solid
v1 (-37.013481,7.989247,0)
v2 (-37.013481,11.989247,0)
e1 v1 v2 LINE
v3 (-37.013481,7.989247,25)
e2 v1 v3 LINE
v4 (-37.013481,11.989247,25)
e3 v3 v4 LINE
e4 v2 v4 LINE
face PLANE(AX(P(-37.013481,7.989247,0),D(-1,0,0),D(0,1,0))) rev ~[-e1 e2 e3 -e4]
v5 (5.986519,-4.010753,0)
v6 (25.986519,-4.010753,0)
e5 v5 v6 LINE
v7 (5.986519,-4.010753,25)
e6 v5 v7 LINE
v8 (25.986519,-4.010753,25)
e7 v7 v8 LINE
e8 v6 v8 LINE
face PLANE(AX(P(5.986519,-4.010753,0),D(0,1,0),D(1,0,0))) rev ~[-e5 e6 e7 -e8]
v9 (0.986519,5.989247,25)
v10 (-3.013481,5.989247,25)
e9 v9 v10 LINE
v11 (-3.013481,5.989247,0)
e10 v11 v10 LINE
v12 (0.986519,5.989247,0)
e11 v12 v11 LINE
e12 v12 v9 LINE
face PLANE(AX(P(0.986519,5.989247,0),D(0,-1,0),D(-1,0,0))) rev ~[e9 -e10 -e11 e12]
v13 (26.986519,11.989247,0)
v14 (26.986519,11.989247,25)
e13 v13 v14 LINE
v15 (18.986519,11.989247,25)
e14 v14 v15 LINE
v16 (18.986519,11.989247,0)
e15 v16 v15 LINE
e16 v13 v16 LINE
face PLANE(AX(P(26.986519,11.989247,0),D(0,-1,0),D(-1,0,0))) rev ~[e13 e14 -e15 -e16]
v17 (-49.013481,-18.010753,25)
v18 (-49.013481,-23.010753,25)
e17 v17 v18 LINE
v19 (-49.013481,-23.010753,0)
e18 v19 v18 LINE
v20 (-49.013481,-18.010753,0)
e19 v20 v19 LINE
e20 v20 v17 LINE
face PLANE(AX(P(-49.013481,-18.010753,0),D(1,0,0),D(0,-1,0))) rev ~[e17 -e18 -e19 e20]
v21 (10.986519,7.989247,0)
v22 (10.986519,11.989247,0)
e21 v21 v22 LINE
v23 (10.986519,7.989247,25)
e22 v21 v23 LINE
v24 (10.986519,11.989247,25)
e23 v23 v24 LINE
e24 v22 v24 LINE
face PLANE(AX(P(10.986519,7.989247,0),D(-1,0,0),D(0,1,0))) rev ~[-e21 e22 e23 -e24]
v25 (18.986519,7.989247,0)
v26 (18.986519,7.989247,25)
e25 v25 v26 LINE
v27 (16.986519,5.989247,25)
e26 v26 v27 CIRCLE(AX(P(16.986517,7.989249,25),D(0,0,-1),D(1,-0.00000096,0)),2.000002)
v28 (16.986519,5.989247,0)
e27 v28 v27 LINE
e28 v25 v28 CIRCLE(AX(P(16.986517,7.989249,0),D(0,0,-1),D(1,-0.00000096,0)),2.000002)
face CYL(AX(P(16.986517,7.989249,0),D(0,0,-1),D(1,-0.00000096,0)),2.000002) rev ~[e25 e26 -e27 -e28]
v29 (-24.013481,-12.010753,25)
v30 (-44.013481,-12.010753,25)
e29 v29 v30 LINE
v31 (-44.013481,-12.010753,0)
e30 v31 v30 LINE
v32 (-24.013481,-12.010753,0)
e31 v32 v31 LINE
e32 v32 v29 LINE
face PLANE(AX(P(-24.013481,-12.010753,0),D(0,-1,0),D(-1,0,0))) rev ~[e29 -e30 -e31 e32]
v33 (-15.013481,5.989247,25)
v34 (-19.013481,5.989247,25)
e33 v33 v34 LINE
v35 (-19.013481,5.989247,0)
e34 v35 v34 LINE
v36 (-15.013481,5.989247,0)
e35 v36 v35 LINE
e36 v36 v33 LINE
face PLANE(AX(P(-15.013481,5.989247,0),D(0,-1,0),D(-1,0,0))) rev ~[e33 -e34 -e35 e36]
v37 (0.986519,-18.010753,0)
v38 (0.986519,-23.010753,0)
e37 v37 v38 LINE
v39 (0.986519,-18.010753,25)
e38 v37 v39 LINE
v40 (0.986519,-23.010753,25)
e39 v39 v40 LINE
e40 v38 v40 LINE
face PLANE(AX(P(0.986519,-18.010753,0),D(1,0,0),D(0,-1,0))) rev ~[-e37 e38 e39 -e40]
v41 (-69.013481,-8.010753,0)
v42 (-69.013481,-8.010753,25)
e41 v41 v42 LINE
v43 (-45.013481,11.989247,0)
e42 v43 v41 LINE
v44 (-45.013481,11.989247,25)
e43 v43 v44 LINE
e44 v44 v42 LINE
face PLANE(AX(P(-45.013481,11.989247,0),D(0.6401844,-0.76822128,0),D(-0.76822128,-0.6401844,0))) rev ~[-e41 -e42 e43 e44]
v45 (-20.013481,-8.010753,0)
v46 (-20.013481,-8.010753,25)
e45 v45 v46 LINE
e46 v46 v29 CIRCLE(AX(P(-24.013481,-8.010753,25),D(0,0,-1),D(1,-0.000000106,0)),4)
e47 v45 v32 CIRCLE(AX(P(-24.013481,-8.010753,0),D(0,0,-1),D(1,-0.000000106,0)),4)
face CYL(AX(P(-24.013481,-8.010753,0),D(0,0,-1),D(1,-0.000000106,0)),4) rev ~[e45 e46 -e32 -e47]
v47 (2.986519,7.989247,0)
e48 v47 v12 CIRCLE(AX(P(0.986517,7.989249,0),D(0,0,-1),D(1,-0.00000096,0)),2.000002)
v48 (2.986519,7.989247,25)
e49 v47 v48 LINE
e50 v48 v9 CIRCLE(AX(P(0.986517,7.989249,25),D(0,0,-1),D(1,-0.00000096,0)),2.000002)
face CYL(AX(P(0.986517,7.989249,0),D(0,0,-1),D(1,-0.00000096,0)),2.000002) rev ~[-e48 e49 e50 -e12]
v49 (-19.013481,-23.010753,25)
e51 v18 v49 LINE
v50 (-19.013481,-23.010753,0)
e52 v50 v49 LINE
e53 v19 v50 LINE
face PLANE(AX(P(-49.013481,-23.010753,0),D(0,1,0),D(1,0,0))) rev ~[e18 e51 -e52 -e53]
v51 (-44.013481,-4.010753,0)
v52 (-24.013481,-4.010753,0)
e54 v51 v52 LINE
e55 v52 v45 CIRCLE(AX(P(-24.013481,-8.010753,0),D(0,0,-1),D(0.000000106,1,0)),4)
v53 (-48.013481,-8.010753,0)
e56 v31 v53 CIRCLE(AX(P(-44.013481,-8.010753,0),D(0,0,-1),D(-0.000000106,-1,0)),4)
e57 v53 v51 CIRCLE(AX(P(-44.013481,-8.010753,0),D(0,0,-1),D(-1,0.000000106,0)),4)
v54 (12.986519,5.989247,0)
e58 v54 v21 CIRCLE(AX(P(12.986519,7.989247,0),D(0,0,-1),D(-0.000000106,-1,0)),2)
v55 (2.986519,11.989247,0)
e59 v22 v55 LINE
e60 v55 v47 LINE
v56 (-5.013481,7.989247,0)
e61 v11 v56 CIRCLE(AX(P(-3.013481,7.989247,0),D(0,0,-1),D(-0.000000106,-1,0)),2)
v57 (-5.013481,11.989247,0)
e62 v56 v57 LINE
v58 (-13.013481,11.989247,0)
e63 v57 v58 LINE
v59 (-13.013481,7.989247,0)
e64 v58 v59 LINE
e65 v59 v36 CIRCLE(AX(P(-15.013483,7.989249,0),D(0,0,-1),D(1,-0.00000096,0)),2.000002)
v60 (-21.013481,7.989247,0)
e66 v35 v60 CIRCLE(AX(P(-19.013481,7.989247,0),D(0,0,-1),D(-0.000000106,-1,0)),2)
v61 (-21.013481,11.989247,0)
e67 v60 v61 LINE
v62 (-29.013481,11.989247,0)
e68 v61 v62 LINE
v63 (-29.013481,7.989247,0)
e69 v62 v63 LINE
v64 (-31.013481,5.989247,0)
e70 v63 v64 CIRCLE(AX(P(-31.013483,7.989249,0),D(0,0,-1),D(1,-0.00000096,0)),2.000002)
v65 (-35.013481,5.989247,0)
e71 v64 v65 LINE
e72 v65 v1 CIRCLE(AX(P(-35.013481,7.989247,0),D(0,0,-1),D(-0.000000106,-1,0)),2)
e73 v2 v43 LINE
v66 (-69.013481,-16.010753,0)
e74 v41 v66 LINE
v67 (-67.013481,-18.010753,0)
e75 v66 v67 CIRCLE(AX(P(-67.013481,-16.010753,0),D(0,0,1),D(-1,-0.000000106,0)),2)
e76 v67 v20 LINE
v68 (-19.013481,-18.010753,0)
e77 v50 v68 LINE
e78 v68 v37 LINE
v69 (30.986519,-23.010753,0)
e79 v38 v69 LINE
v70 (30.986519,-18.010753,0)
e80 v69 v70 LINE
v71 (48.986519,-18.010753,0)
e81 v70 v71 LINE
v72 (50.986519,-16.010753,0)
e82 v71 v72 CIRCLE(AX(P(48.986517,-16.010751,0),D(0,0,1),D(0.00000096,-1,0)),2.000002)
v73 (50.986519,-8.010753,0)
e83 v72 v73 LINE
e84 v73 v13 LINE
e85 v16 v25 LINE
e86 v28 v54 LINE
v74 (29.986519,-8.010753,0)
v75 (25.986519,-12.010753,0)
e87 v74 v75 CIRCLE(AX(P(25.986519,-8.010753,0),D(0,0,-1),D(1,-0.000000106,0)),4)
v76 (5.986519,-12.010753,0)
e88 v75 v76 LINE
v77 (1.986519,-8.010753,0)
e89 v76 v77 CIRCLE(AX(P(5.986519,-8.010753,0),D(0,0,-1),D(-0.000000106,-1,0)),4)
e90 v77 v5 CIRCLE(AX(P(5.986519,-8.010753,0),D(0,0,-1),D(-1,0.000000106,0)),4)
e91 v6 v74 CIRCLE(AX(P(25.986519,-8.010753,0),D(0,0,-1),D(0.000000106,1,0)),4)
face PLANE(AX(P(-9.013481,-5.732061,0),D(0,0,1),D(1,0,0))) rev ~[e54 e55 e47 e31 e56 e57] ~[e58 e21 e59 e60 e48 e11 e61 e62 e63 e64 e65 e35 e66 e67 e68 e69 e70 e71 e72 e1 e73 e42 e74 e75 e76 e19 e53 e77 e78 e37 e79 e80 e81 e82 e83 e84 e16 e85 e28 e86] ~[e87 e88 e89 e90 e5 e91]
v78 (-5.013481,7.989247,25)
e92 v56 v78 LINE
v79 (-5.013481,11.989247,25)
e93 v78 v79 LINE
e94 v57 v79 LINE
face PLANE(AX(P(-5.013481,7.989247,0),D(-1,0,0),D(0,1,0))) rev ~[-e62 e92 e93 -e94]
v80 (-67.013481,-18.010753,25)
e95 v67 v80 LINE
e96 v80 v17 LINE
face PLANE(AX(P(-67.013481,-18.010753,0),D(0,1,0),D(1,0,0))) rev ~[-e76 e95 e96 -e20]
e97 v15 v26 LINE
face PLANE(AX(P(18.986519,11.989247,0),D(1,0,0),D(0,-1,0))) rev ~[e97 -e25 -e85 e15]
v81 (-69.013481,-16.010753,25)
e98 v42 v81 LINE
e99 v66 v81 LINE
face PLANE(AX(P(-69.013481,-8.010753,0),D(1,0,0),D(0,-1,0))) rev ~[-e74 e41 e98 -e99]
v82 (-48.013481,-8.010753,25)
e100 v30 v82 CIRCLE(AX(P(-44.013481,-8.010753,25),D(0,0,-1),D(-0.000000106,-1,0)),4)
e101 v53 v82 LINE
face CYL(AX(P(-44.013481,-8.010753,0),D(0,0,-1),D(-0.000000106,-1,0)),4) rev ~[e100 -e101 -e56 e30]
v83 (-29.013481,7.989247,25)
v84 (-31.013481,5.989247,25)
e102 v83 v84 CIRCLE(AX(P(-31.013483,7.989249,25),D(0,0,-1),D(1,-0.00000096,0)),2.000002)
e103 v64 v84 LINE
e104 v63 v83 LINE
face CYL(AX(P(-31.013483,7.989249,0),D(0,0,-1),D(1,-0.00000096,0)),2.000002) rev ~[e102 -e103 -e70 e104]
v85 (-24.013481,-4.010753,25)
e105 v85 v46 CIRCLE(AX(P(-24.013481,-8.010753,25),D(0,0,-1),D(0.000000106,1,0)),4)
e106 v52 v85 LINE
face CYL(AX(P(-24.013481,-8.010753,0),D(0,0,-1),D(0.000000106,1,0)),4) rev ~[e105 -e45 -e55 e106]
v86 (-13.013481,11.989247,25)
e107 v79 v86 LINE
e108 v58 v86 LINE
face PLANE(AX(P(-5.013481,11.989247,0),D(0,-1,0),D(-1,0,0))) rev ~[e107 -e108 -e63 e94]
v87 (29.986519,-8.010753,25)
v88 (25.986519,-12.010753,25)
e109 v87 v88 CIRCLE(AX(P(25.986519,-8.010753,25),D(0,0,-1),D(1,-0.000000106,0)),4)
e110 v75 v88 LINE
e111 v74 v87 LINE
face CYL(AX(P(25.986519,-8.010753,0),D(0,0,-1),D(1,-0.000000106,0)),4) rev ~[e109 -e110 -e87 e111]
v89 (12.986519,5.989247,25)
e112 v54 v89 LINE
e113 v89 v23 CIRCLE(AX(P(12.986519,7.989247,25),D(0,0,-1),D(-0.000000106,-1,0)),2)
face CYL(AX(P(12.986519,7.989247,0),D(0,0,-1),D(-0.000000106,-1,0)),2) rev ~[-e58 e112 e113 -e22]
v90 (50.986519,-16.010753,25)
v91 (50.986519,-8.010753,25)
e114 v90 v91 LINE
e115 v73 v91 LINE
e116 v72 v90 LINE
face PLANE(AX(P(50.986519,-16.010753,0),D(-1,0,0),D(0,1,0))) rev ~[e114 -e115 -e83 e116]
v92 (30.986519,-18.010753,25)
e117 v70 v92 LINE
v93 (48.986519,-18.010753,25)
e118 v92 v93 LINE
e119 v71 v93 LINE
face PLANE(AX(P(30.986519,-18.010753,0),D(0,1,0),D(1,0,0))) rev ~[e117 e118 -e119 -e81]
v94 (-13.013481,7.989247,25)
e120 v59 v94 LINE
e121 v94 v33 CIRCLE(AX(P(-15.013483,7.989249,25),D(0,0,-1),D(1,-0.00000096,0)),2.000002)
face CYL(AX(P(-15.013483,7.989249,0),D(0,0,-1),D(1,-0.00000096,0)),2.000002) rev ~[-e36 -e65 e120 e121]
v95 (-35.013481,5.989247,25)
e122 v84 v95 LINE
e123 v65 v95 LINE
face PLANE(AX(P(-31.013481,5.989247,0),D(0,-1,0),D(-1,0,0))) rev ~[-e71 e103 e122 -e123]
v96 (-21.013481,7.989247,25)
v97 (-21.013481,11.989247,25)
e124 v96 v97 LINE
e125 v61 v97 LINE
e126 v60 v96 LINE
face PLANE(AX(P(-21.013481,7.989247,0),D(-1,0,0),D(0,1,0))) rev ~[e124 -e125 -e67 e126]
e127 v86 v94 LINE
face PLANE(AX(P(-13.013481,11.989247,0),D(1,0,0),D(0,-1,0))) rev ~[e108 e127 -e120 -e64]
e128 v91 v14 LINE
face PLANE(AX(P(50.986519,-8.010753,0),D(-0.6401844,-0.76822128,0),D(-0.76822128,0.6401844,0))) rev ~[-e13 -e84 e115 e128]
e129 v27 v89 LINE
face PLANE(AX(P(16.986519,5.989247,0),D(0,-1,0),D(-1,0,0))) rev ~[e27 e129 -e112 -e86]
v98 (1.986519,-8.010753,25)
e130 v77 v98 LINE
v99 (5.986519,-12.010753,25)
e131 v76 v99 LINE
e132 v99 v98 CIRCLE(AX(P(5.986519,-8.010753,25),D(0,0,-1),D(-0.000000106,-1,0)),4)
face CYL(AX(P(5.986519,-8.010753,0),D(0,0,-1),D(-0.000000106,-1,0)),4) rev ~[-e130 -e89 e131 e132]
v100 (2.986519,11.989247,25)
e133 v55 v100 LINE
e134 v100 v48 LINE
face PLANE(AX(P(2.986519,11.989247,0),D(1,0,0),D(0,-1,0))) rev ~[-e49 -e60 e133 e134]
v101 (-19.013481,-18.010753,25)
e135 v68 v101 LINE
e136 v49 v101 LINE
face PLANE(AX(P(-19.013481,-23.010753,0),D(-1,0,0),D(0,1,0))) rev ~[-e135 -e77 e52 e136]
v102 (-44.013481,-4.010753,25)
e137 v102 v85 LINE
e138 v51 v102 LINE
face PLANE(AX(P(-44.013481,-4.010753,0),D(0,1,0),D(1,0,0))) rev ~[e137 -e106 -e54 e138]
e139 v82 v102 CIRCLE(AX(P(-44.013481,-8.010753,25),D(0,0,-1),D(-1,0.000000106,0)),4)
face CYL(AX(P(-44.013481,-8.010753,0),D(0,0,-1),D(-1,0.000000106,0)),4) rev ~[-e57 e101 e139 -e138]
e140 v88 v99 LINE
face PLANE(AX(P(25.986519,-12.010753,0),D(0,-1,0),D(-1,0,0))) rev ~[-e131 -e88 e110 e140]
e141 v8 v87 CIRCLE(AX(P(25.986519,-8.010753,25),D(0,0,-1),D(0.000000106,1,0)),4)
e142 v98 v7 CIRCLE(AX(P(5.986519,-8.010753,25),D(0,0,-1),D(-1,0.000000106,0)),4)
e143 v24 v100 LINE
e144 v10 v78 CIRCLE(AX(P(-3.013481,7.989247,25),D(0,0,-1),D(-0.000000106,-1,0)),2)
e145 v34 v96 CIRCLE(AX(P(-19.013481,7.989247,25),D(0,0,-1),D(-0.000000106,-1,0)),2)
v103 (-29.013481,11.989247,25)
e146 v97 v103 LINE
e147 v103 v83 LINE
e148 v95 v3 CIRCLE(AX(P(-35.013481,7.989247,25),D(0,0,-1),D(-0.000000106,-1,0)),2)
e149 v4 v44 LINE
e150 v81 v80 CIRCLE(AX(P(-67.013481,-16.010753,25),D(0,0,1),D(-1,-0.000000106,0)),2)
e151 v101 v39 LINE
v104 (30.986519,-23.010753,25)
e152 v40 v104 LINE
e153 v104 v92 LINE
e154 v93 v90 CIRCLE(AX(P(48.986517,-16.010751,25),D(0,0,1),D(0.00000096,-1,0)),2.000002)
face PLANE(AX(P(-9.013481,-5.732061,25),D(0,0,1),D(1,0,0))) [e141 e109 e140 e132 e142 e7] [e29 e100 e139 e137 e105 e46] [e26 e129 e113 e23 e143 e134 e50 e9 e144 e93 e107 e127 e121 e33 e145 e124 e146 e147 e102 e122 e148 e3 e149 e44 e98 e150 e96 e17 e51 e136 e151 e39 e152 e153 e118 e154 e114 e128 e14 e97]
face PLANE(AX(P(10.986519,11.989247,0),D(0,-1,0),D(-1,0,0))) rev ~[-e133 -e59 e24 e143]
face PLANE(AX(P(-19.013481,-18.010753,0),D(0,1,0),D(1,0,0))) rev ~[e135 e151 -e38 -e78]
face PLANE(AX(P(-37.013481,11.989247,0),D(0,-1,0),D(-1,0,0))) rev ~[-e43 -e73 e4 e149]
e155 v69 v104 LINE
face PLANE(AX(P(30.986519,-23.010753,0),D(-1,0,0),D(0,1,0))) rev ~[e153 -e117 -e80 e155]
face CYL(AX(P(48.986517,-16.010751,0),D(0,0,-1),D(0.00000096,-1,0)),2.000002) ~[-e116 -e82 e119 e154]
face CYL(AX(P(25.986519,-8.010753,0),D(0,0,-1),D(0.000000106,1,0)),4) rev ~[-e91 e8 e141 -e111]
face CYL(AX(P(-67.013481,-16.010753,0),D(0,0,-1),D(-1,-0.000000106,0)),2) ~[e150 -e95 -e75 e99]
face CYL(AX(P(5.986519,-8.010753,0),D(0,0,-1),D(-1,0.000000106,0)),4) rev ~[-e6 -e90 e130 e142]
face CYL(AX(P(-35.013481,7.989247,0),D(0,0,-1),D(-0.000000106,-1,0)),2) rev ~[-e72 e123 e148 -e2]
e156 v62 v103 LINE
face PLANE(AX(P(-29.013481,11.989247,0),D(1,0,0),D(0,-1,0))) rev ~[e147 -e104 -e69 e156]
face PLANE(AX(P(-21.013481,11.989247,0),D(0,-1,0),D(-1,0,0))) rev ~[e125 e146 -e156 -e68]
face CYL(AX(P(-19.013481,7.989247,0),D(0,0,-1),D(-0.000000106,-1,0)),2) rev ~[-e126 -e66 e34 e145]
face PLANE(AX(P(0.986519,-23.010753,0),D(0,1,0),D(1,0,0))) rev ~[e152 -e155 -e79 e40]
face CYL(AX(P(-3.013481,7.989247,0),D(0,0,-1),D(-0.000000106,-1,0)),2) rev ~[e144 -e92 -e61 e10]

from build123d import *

# Parameters (mm, degrees)
F1_DEPTH = 25


with BuildPart() as f1:
    # F0 (on Top) → F1 (new body)
    with BuildSketch(Plane.XY):
        with BuildLine():
            ThreePointArc((-69.013481, -16.010753), (-68.427695, -17.424966), (-67.013481, -18.010753))
            Line((-67.013481, -18.010753), (-49.013481, -18.010753))
            Line((-49.013481, -18.010753), (-49.013481, -23.010753))
            Line((-49.013481, -23.010753), (-19.013481, -23.010753))
            Line((-19.013481, -23.010753), (-19.013481, -18.010753))
            Line((-19.013481, -18.010753), (0.986519, -18.010753))
            Line((0.986519, -18.010753), (0.986519, -23.010753))
            Line((0.986519, -23.010753), (30.986519, -23.010753))
            Line((30.986519, -23.010753), (30.986519, -18.010753))
            Line((30.986519, -18.010753), (48.986519, -18.010753))
            ThreePointArc((48.986519, -18.010753), (50.400732, -17.424966), (50.986519, -16.010753))
            Line((50.986519, -16.010753), (50.986519, -8.010753))
            Line((50.986519, -8.010753), (26.986519, 11.989247))
            Line((26.986519, 11.989247), (18.986519, 11.989247))
            Line((18.986519, 11.989247), (18.986519, 7.989247))
            ThreePointArc((18.986519, 7.989247), (18.400732, 6.575034), (16.986519, 5.989247))
            Line((16.986519, 5.989247), (12.986519, 5.989247))
            ThreePointArc((12.986519, 5.989247), (11.572305, 6.575034), (10.986519, 7.989247))
            Line((10.986519, 7.989247), (10.986519, 11.989247))
            Line((10.986519, 11.989247), (2.986519, 11.989247))
            Line((2.986519, 11.989247), (2.986519, 7.989247))
            ThreePointArc((2.986519, 7.989247), (2.400732, 6.575034), (0.986519, 5.989247))
            Line((0.986519, 5.989247), (-3.013481, 5.989247))
            ThreePointArc((-3.013481, 5.989247), (-4.427695, 6.575034), (-5.013481, 7.989247))
            Line((-5.013481, 7.989247), (-5.013481, 11.989247))
            Line((-5.013481, 11.989247), (-9.013481, 11.989247))
            Line((-9.013481, 11.989247), (-13.013481, 11.989247))
            Line((-13.013481, 11.989247), (-13.013481, 7.989247))
            ThreePointArc((-13.013481, 7.989247), (-13.599268, 6.575034), (-15.013481, 5.989247))
            Line((-15.013481, 5.989247), (-19.013481, 5.989247))
            ThreePointArc((-19.013481, 5.989247), (-20.427695, 6.575034), (-21.013481, 7.989247))
            Line((-21.013481, 7.989247), (-21.013481, 11.989247))
            Line((-21.013481, 11.989247), (-29.013481, 11.989247))
            Line((-29.013481, 11.989247), (-29.013481, 7.989247))
            ThreePointArc((-29.013481, 7.989247), (-29.599268, 6.575034), (-31.013481, 5.989247))
            Line((-31.013481, 5.989247), (-35.013481, 5.989247))
            ThreePointArc((-35.013481, 5.989247), (-36.427695, 6.575034), (-37.013481, 7.989247))
            Line((-37.013481, 7.989247), (-37.013481, 11.989247))
            Line((-37.013481, 11.989247), (-45.013481, 11.989247))
            Line((-45.013481, 11.989247), (-69.013481, -8.010753))
            Line((-69.013481, -8.010753), (-69.013481, -16.010753))
        make_face()
        with BuildLine():
            Line((-44.013481, -4.010753), (-24.013481, -4.010753))
            ThreePointArc((-24.013481, -4.010753), (-21.185054, -5.182326), (-20.013481, -8.010753))
            ThreePointArc((-20.013481, -8.010753), (-21.185054, -10.83918), (-24.013481, -12.010753))
            Line((-24.013481, -12.010753), (-44.013481, -12.010753))
            ThreePointArc((-44.013481, -12.010753), (-46.841908, -10.83918), (-48.013481, -8.010753))
            ThreePointArc((-48.013481, -8.010753), (-46.841908, -5.182326), (-44.013481, -4.010753))
        make_face(mode=Mode.SUBTRACT)
        with BuildLine():
            ThreePointArc((1.986519, -8.010753), (3.158092, -5.182326), (5.986519, -4.010753))
            Line((5.986519, -4.010753), (25.986519, -4.010753))
            ThreePointArc((25.986519, -4.010753), (28.814946, -5.182326), (29.986519, -8.010753))
            ThreePointArc((29.986519, -8.010753), (28.814946, -10.83918), (25.986519, -12.010753))
            Line((25.986519, -12.010753), (5.986519, -12.010753))
            ThreePointArc((5.986519, -12.010753), (3.158092, -10.83918), (1.986519, -8.010753))
        make_face(mode=Mode.SUBTRACT)
    extrude(amount=F1_DEPTH)


solid = f1.part
